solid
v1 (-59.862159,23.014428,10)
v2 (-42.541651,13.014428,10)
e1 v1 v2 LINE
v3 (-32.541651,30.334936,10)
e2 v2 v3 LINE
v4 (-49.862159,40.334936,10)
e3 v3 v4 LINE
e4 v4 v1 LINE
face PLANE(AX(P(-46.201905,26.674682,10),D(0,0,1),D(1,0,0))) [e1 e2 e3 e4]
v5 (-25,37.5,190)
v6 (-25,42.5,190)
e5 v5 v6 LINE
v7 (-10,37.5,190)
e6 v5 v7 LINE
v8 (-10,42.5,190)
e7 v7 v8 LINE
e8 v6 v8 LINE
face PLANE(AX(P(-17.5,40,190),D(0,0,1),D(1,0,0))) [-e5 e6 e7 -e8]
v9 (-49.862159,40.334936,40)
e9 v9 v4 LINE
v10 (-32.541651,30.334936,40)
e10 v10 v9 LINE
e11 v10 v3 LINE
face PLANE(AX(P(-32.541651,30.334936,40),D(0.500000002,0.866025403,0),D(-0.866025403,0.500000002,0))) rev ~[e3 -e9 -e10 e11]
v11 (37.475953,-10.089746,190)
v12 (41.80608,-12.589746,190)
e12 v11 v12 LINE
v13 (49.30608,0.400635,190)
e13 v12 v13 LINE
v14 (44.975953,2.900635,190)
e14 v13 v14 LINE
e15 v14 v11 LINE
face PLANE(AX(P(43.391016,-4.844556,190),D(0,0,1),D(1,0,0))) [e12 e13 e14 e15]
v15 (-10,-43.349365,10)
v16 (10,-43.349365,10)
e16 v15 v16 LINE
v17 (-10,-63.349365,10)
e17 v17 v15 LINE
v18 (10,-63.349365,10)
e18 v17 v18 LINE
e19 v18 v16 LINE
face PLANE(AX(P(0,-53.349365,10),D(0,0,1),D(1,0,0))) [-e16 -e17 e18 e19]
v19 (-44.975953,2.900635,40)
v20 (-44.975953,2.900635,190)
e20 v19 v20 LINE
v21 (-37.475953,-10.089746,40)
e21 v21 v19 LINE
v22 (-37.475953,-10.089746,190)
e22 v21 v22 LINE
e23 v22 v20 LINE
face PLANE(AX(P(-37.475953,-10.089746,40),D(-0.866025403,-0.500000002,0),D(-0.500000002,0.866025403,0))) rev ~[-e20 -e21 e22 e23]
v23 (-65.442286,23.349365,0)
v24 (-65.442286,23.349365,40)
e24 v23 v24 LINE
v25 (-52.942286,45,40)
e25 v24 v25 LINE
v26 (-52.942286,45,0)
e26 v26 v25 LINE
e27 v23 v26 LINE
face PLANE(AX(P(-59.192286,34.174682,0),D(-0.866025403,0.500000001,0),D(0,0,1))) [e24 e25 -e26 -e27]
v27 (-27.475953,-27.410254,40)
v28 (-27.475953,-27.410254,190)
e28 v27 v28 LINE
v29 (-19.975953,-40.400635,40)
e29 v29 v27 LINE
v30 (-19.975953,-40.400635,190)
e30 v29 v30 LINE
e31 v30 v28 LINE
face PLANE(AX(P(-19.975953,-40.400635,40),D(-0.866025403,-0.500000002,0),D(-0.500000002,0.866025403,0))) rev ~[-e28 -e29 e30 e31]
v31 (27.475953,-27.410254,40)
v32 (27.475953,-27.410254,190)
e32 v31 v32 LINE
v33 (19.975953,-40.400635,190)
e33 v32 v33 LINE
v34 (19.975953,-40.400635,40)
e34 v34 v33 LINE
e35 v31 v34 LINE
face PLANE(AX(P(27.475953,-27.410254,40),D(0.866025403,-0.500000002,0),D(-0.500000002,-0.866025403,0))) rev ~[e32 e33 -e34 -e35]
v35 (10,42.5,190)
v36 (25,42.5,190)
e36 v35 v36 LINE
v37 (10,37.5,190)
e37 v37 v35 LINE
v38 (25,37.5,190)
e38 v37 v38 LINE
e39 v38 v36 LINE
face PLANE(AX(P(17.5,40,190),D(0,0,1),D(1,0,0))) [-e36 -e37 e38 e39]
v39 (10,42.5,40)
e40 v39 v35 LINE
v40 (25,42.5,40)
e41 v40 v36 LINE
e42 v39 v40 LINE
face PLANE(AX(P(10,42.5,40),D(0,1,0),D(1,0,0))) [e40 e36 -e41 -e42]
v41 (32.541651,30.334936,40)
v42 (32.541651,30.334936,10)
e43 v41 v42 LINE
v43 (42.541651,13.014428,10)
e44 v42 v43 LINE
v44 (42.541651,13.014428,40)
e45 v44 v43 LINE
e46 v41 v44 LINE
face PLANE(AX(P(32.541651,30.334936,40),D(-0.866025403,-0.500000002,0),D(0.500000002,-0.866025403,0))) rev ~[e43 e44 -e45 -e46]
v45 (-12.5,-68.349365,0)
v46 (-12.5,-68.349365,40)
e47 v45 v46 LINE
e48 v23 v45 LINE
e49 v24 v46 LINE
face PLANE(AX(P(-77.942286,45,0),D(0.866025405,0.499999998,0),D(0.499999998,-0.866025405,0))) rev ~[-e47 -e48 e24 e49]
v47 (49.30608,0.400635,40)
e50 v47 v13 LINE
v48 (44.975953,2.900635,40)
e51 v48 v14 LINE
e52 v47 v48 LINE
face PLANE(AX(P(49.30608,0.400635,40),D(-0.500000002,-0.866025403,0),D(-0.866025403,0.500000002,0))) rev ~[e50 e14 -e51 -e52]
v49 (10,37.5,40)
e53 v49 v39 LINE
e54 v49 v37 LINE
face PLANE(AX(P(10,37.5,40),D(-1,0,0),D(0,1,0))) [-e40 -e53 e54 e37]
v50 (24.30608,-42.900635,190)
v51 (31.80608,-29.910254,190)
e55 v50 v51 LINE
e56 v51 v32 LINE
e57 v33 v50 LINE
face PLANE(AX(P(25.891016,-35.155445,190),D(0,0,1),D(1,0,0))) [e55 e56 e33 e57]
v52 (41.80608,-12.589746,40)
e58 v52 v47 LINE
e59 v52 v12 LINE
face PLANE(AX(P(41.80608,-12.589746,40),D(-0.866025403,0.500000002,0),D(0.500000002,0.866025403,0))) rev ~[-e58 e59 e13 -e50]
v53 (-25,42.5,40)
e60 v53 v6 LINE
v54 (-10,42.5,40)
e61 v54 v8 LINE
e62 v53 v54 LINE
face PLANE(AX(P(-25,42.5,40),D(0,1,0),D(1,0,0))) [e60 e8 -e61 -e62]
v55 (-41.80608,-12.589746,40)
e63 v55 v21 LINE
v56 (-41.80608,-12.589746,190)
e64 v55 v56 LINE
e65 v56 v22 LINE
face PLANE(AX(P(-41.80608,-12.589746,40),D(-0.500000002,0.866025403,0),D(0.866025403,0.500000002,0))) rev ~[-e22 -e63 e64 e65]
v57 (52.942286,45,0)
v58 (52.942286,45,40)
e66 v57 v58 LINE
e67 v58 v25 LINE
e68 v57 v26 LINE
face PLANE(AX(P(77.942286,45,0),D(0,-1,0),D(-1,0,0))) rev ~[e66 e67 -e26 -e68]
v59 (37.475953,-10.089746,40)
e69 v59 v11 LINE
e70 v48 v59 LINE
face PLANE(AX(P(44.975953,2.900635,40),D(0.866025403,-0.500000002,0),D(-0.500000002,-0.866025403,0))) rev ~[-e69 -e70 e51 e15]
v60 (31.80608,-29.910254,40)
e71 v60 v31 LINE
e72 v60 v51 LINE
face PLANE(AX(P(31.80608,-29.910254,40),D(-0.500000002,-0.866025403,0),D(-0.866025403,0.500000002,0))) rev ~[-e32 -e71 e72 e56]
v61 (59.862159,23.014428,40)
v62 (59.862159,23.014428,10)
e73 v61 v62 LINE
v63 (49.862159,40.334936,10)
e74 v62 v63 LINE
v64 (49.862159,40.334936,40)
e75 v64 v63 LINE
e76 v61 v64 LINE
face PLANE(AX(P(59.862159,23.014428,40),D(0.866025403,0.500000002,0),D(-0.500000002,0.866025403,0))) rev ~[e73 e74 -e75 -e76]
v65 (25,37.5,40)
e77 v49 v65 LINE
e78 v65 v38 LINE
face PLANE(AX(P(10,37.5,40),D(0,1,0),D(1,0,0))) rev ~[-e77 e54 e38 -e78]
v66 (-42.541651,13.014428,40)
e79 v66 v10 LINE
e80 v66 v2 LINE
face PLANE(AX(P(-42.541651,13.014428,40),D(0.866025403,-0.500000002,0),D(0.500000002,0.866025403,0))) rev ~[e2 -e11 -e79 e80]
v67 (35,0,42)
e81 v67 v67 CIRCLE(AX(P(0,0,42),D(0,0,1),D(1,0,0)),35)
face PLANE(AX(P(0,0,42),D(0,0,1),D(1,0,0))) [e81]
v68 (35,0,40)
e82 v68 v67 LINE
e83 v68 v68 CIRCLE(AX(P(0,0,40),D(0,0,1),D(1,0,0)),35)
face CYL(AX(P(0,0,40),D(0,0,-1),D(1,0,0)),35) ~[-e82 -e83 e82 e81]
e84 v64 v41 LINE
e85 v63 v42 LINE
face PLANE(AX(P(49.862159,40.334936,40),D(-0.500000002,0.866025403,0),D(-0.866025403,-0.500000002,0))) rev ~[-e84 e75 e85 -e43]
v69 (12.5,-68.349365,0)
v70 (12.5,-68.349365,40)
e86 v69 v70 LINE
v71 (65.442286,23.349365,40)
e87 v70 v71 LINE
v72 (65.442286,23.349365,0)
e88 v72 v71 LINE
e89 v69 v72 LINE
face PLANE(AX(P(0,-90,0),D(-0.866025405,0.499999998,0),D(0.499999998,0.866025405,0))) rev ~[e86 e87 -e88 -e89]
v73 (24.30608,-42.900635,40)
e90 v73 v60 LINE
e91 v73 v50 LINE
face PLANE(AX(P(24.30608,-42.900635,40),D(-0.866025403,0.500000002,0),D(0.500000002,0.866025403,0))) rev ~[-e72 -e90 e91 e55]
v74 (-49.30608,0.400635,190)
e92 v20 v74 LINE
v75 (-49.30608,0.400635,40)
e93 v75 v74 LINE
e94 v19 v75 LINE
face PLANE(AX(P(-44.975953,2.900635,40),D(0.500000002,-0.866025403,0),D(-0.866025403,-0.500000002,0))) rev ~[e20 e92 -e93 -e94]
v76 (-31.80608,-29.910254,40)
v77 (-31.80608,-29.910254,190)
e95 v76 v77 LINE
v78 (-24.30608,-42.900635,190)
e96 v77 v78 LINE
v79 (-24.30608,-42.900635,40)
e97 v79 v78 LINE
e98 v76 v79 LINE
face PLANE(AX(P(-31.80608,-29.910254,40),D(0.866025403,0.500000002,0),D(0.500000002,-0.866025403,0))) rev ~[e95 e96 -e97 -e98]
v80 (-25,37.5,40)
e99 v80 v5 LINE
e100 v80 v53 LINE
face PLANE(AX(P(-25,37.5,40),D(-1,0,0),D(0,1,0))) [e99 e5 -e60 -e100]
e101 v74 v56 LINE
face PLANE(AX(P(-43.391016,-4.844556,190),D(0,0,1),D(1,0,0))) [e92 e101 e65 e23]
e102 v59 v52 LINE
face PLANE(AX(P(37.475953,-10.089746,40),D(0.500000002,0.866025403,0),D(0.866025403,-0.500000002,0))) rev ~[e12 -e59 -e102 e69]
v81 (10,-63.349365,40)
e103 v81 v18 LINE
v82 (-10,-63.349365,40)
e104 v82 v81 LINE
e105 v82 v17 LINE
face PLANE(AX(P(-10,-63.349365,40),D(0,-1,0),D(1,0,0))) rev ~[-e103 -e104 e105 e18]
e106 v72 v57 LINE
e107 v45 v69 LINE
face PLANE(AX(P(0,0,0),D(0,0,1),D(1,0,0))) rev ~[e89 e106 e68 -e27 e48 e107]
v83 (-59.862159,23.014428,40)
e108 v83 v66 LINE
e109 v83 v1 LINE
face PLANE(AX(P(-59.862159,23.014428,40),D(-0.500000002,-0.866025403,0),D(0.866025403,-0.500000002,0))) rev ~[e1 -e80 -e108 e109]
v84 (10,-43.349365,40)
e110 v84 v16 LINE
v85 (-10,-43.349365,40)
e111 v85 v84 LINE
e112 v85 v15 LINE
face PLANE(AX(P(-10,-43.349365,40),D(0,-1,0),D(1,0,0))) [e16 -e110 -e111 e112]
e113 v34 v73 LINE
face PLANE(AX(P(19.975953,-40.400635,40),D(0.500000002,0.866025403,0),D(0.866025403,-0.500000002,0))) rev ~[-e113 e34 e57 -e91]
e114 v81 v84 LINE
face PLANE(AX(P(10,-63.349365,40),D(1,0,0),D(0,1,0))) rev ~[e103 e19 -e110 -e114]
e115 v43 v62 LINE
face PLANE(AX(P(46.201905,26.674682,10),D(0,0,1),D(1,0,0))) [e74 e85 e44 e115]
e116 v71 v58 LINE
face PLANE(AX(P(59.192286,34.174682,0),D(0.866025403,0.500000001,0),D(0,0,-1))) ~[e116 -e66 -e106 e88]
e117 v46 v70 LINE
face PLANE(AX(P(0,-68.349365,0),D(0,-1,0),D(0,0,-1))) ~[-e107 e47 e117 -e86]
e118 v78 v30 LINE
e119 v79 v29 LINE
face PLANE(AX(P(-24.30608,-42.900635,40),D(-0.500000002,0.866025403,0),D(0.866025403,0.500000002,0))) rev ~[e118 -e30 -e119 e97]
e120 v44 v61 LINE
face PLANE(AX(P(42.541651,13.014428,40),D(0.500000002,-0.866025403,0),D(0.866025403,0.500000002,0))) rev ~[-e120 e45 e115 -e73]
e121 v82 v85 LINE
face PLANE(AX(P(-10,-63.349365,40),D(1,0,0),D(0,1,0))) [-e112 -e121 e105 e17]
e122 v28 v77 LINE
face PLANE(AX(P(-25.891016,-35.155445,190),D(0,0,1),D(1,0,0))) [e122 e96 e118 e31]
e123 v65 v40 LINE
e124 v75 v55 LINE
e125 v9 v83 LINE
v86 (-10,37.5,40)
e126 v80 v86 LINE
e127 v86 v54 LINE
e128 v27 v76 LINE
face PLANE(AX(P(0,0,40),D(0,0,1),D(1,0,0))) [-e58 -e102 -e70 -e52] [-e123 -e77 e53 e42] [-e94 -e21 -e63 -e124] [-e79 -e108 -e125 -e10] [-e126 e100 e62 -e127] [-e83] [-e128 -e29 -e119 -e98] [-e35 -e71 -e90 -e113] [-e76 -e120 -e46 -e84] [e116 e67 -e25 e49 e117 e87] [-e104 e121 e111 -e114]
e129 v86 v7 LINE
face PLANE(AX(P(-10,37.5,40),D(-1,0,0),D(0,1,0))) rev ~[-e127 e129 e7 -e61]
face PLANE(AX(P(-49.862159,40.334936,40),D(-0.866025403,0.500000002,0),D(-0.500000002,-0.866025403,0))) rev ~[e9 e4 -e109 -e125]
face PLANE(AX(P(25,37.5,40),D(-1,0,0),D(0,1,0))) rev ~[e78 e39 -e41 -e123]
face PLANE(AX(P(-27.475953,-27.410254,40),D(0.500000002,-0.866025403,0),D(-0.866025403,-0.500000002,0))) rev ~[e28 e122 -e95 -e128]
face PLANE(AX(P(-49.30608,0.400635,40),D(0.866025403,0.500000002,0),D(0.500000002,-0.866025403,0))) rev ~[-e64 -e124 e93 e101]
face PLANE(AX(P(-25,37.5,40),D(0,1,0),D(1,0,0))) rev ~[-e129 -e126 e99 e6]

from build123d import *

# Parameters (mm, degrees)
F1_DEPTH = 40
F2_SIZE  = 25
F3_W     = 20
F3_H     = 20
F4_DEPTH = 30
F5_W     = 15
F5_H     = 5
F6_DEPTH = 150
F7_R     = 35
F8_DEPTH = 2


with BuildPart() as f1:
    # F0 (on Top) → F1 (new body)
    with BuildSketch(Plane.XY):
        Polygon((-77.942286, 45), (0, -90), (77.942286, 45), align=None)
    extrude(amount=F1_DEPTH)

    # F2
    f2_edges = [f1.edges().sort_by_distance(p)[0] for p in [
        (0, -90, 20),
        (77.942286, 45, 20),
        (-77.942286, 45, 20),
    ]]
    chamfer(f2_edges, length=F2_SIZE)

    # F3 (on face) → F4 (cut)
    with BuildSketch(Plane.XY.offset(40)):
        with Locations((0, -53.349365)):
            Rectangle(F3_W, F3_H)
        Polygon((-59.862159, 23.014428), (-42.541651, 13.014428), (-32.541651, 30.334936), (-49.862159, 40.334936), align=None)
        Polygon((49.862159, 40.334936), (32.541651, 30.334936), (42.541651, 13.014428), (59.862159, 23.014428), align=None)
    extrude(amount=-F4_DEPTH, mode=Mode.SUBTRACT)

    # F5 (on face) → F6 (join)
    with BuildSketch(Plane.XY.offset(40)):
        with Locations((-17.5, 40)):
            Rectangle(F5_W, F5_H)
        with Locations((17.5, 40)):
            Rectangle(F5_W, F5_H)
        Polygon((41.80608, -12.589746), (49.30608, 0.400635), (44.975953, 2.900635), (37.475953, -10.089746), align=None)
        Polygon((31.80608, -29.910254), (27.475953, -27.410254), (19.975953, -40.400635), (24.30608, -42.900635), align=None)
        Polygon((-31.80608, -29.910254), (-24.30608, -42.900635), (-19.975953, -40.400635), (-27.475953, -27.410254), align=None)
        Polygon((-41.80608, -12.589746), (-37.475953, -10.089746), (-44.975953, 2.900635), (-49.30608, 0.400635), align=None)
    extrude(amount=F6_DEPTH)

    # F7 (on face) → F8 (join)
    with BuildSketch(Plane.XY.offset(40)):
        Circle(F7_R)
    extrude(amount=F8_DEPTH)


solid = f1.part
